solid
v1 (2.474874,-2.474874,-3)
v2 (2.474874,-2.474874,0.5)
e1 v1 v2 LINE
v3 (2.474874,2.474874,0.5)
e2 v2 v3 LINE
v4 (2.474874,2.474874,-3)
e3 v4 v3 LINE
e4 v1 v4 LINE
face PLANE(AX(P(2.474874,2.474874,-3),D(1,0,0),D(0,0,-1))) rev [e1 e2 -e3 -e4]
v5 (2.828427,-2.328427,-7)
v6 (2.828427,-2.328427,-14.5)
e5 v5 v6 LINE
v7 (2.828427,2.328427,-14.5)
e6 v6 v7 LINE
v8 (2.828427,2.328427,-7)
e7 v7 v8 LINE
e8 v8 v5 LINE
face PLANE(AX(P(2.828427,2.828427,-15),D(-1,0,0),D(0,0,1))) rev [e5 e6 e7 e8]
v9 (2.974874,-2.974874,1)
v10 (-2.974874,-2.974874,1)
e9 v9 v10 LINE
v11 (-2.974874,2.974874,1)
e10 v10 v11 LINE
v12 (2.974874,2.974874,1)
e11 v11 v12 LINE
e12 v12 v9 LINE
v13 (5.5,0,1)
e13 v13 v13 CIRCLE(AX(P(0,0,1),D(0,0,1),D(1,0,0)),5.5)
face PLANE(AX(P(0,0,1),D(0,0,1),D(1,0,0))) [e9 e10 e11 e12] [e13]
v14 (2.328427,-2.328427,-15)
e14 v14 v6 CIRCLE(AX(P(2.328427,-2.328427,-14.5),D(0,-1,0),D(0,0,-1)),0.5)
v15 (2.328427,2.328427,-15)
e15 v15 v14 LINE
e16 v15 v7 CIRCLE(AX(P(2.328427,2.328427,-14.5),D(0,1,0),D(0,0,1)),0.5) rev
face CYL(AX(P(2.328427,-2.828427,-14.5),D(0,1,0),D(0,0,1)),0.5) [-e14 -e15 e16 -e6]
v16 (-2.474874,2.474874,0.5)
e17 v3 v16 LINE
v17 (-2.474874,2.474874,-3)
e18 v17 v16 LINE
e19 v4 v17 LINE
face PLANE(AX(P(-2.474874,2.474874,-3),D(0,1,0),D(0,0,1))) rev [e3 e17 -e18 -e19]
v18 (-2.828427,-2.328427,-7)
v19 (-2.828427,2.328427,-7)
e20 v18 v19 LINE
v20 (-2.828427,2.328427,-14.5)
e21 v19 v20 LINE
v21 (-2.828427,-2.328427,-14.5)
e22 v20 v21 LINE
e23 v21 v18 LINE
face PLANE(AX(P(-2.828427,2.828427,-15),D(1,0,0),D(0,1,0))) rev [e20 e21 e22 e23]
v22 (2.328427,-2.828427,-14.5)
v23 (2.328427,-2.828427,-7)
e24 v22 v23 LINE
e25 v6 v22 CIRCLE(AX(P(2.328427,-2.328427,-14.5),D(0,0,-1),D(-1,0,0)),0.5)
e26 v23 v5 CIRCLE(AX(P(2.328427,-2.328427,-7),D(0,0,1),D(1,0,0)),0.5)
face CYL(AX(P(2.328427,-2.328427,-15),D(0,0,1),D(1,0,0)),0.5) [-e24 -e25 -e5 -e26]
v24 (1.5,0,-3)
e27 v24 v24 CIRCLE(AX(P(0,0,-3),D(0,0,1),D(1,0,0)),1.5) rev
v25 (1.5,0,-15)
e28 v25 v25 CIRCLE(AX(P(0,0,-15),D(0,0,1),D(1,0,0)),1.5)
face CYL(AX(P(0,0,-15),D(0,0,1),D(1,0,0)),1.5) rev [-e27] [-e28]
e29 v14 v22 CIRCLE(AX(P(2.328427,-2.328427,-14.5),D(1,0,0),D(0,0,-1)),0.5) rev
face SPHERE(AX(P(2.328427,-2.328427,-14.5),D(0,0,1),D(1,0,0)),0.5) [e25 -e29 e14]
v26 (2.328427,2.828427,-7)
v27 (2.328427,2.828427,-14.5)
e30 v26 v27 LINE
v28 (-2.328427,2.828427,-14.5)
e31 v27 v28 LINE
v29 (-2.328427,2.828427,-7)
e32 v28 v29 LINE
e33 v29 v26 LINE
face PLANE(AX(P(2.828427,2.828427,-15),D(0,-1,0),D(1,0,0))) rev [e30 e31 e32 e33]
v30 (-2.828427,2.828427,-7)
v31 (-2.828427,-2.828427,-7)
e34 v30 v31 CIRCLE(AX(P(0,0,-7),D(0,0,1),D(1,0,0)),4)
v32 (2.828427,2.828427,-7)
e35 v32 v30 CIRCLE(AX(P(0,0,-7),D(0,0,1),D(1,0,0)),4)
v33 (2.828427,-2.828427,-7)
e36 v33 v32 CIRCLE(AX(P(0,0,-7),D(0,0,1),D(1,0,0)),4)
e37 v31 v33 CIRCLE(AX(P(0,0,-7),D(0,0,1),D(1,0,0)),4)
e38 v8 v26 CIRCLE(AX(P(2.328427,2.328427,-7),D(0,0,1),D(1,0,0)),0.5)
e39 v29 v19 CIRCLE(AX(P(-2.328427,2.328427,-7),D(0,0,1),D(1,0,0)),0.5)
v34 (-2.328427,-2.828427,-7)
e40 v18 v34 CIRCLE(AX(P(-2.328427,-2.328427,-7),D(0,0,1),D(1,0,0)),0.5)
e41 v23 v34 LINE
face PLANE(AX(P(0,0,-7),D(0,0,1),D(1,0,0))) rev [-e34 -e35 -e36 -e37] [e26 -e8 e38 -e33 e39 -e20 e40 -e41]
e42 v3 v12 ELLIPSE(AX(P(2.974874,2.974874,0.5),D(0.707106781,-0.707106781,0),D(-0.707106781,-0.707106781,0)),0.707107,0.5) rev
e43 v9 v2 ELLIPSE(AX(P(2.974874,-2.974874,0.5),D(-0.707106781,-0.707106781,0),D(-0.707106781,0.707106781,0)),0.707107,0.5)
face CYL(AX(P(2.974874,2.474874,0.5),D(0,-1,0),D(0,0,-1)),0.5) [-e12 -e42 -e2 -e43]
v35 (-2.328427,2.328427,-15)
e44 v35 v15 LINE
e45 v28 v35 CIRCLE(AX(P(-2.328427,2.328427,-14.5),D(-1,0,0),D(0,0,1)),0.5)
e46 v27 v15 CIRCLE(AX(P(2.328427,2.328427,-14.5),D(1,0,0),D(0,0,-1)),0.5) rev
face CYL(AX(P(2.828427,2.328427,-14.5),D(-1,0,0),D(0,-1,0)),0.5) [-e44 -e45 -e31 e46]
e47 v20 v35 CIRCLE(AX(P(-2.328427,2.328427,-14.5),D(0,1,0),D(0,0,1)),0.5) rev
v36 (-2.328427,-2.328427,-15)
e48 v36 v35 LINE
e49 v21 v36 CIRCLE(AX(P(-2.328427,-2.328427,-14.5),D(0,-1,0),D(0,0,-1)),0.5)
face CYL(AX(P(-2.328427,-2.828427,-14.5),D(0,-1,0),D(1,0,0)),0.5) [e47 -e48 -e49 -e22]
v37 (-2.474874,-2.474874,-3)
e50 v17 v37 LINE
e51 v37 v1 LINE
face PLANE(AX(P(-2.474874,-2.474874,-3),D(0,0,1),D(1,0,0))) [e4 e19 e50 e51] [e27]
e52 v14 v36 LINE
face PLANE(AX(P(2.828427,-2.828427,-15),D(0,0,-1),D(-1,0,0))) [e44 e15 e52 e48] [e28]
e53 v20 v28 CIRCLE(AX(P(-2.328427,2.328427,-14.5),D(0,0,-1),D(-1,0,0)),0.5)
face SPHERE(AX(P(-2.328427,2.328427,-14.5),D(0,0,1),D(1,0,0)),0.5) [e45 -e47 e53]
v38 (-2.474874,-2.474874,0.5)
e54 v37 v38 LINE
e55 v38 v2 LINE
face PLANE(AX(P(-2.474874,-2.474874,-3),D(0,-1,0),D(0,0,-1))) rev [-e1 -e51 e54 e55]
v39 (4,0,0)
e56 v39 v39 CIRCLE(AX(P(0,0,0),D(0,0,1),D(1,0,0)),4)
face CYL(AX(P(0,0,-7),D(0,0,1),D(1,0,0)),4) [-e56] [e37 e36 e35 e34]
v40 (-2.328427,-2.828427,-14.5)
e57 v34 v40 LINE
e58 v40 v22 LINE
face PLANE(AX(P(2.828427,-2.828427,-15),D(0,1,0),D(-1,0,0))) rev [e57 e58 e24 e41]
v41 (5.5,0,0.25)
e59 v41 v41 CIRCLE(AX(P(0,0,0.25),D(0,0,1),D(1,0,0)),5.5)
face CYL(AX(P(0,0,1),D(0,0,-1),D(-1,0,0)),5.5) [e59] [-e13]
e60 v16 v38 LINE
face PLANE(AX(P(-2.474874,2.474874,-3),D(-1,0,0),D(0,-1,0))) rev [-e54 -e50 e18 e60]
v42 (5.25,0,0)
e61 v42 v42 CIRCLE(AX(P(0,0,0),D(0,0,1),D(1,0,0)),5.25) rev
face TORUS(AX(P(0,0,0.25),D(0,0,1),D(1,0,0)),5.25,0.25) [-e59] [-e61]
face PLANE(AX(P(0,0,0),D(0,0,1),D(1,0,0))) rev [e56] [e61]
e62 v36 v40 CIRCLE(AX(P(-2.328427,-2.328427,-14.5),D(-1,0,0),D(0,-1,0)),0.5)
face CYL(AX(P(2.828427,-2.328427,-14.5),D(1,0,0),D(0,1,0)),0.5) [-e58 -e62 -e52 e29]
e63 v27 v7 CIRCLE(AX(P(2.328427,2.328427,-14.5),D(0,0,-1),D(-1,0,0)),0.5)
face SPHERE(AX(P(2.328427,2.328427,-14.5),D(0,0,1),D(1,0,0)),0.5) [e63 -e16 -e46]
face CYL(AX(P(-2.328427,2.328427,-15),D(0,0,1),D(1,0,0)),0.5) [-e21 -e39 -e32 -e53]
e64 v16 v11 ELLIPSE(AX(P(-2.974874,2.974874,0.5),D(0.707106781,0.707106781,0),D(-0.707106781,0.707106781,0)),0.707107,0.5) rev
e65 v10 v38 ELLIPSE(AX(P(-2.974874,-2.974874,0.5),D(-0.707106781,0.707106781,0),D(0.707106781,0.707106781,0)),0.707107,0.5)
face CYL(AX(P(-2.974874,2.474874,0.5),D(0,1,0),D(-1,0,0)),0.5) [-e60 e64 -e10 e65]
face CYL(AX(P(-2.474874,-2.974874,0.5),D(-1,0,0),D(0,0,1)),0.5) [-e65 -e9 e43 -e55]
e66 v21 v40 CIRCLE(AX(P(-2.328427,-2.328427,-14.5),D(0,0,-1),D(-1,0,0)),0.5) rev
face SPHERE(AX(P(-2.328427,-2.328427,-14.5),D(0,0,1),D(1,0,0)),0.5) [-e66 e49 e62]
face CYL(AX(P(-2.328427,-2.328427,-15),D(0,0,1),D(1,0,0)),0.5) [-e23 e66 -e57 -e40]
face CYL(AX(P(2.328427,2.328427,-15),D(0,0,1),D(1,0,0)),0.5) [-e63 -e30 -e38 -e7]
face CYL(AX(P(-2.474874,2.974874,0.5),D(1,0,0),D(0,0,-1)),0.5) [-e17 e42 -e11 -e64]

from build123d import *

# Parameters (mm, degrees)
ESQUISSE1_R      = 4
EXTRUSION1_DEPTH = 7
ESQUISSE3_W      = 5.65685425
ESQUISSE3_H      = 5.65685425
EXTRUSION3_DEPTH = 8
CONG_4_R         = 0.5
ESQUISSE7_R      = 5.5
EXTRUSION6_DEPTH = 1
ESQUISSE8_R      = 1.5
EXTRUSION7_DEPTH = 18.790446875
ESQUISSE9_W      = 4.949747468
ESQUISSE9_H      = 4.949747468
EXTRUSION8_DEPTH = 4
CONG_5_R         = 0.25
CONG_6_R         = 0.5


with BuildPart() as part:
    # Esquisse1 → Extrusion1 (new body)
    with BuildSketch(Plane.XY):
        Circle(ESQUISSE1_R)
    extrude(amount=-EXTRUSION1_DEPTH)

    # Esquisse3 → Extrusion3 (add)
    with BuildSketch(Plane(origin=(0, 0, -7), x_dir=(-1, 0, 0), z_dir=(0, 0, -1))):
        Rectangle(ESQUISSE3_W, ESQUISSE3_H)
    extrude(amount=EXTRUSION3_DEPTH)

    # Congé4
    cong_4_edges = [part.edges().sort_by_distance(p)[0] for p in [
        (-2.828427125, 0, -15),
        (0, 2.828427125, -15),
        (2.828427125, 2.828427125, -11),
        (2.828427125, -2.828427125, -11),
        (-2.828427125, -2.828427125, -11),
        (-2.828427125, 2.828427125, -11),
        (2.828427125, 0, -15),
        (0, -2.828427125, -15),
    ]]
    fillet(cong_4_edges, radius=CONG_4_R)

    # Esquisse7 → Extrusion6 (add)
    with BuildSketch(Plane.XY):
        Circle(ESQUISSE7_R)
    extrude(amount=EXTRUSION6_DEPTH)

    # Esquisse8 → Extrusion7 (cut, through all)
    with BuildSketch(Plane.XY.offset(1)):
        Circle(ESQUISSE8_R)
    extrude(amount=-EXTRUSION7_DEPTH, mode=Mode.SUBTRACT)

    # Esquisse9 → Extrusion8 (cut)
    with BuildSketch(Plane.XY.offset(1)):
        Rectangle(ESQUISSE9_W, ESQUISSE9_H)
    extrude(amount=-EXTRUSION8_DEPTH, mode=Mode.SUBTRACT)

    # Congé5
    cong_5_edges = [part.edges().sort_by_distance(p)[0] for p in [
        (-5.5, 0, 0),
    ]]
    fillet(cong_5_edges, radius=CONG_5_R)

    # Congé6
    cong_6_edges = [part.edges().sort_by_distance(p)[0] for p in [
        (-2.474873734, 0, 1),
        (0, -2.474873734, 1),
        (2.474873734, 0, 1),
        (0, 2.474873734, 1),
    ]]
    fillet(cong_6_edges, radius=CONG_6_R)


solid = part.part
